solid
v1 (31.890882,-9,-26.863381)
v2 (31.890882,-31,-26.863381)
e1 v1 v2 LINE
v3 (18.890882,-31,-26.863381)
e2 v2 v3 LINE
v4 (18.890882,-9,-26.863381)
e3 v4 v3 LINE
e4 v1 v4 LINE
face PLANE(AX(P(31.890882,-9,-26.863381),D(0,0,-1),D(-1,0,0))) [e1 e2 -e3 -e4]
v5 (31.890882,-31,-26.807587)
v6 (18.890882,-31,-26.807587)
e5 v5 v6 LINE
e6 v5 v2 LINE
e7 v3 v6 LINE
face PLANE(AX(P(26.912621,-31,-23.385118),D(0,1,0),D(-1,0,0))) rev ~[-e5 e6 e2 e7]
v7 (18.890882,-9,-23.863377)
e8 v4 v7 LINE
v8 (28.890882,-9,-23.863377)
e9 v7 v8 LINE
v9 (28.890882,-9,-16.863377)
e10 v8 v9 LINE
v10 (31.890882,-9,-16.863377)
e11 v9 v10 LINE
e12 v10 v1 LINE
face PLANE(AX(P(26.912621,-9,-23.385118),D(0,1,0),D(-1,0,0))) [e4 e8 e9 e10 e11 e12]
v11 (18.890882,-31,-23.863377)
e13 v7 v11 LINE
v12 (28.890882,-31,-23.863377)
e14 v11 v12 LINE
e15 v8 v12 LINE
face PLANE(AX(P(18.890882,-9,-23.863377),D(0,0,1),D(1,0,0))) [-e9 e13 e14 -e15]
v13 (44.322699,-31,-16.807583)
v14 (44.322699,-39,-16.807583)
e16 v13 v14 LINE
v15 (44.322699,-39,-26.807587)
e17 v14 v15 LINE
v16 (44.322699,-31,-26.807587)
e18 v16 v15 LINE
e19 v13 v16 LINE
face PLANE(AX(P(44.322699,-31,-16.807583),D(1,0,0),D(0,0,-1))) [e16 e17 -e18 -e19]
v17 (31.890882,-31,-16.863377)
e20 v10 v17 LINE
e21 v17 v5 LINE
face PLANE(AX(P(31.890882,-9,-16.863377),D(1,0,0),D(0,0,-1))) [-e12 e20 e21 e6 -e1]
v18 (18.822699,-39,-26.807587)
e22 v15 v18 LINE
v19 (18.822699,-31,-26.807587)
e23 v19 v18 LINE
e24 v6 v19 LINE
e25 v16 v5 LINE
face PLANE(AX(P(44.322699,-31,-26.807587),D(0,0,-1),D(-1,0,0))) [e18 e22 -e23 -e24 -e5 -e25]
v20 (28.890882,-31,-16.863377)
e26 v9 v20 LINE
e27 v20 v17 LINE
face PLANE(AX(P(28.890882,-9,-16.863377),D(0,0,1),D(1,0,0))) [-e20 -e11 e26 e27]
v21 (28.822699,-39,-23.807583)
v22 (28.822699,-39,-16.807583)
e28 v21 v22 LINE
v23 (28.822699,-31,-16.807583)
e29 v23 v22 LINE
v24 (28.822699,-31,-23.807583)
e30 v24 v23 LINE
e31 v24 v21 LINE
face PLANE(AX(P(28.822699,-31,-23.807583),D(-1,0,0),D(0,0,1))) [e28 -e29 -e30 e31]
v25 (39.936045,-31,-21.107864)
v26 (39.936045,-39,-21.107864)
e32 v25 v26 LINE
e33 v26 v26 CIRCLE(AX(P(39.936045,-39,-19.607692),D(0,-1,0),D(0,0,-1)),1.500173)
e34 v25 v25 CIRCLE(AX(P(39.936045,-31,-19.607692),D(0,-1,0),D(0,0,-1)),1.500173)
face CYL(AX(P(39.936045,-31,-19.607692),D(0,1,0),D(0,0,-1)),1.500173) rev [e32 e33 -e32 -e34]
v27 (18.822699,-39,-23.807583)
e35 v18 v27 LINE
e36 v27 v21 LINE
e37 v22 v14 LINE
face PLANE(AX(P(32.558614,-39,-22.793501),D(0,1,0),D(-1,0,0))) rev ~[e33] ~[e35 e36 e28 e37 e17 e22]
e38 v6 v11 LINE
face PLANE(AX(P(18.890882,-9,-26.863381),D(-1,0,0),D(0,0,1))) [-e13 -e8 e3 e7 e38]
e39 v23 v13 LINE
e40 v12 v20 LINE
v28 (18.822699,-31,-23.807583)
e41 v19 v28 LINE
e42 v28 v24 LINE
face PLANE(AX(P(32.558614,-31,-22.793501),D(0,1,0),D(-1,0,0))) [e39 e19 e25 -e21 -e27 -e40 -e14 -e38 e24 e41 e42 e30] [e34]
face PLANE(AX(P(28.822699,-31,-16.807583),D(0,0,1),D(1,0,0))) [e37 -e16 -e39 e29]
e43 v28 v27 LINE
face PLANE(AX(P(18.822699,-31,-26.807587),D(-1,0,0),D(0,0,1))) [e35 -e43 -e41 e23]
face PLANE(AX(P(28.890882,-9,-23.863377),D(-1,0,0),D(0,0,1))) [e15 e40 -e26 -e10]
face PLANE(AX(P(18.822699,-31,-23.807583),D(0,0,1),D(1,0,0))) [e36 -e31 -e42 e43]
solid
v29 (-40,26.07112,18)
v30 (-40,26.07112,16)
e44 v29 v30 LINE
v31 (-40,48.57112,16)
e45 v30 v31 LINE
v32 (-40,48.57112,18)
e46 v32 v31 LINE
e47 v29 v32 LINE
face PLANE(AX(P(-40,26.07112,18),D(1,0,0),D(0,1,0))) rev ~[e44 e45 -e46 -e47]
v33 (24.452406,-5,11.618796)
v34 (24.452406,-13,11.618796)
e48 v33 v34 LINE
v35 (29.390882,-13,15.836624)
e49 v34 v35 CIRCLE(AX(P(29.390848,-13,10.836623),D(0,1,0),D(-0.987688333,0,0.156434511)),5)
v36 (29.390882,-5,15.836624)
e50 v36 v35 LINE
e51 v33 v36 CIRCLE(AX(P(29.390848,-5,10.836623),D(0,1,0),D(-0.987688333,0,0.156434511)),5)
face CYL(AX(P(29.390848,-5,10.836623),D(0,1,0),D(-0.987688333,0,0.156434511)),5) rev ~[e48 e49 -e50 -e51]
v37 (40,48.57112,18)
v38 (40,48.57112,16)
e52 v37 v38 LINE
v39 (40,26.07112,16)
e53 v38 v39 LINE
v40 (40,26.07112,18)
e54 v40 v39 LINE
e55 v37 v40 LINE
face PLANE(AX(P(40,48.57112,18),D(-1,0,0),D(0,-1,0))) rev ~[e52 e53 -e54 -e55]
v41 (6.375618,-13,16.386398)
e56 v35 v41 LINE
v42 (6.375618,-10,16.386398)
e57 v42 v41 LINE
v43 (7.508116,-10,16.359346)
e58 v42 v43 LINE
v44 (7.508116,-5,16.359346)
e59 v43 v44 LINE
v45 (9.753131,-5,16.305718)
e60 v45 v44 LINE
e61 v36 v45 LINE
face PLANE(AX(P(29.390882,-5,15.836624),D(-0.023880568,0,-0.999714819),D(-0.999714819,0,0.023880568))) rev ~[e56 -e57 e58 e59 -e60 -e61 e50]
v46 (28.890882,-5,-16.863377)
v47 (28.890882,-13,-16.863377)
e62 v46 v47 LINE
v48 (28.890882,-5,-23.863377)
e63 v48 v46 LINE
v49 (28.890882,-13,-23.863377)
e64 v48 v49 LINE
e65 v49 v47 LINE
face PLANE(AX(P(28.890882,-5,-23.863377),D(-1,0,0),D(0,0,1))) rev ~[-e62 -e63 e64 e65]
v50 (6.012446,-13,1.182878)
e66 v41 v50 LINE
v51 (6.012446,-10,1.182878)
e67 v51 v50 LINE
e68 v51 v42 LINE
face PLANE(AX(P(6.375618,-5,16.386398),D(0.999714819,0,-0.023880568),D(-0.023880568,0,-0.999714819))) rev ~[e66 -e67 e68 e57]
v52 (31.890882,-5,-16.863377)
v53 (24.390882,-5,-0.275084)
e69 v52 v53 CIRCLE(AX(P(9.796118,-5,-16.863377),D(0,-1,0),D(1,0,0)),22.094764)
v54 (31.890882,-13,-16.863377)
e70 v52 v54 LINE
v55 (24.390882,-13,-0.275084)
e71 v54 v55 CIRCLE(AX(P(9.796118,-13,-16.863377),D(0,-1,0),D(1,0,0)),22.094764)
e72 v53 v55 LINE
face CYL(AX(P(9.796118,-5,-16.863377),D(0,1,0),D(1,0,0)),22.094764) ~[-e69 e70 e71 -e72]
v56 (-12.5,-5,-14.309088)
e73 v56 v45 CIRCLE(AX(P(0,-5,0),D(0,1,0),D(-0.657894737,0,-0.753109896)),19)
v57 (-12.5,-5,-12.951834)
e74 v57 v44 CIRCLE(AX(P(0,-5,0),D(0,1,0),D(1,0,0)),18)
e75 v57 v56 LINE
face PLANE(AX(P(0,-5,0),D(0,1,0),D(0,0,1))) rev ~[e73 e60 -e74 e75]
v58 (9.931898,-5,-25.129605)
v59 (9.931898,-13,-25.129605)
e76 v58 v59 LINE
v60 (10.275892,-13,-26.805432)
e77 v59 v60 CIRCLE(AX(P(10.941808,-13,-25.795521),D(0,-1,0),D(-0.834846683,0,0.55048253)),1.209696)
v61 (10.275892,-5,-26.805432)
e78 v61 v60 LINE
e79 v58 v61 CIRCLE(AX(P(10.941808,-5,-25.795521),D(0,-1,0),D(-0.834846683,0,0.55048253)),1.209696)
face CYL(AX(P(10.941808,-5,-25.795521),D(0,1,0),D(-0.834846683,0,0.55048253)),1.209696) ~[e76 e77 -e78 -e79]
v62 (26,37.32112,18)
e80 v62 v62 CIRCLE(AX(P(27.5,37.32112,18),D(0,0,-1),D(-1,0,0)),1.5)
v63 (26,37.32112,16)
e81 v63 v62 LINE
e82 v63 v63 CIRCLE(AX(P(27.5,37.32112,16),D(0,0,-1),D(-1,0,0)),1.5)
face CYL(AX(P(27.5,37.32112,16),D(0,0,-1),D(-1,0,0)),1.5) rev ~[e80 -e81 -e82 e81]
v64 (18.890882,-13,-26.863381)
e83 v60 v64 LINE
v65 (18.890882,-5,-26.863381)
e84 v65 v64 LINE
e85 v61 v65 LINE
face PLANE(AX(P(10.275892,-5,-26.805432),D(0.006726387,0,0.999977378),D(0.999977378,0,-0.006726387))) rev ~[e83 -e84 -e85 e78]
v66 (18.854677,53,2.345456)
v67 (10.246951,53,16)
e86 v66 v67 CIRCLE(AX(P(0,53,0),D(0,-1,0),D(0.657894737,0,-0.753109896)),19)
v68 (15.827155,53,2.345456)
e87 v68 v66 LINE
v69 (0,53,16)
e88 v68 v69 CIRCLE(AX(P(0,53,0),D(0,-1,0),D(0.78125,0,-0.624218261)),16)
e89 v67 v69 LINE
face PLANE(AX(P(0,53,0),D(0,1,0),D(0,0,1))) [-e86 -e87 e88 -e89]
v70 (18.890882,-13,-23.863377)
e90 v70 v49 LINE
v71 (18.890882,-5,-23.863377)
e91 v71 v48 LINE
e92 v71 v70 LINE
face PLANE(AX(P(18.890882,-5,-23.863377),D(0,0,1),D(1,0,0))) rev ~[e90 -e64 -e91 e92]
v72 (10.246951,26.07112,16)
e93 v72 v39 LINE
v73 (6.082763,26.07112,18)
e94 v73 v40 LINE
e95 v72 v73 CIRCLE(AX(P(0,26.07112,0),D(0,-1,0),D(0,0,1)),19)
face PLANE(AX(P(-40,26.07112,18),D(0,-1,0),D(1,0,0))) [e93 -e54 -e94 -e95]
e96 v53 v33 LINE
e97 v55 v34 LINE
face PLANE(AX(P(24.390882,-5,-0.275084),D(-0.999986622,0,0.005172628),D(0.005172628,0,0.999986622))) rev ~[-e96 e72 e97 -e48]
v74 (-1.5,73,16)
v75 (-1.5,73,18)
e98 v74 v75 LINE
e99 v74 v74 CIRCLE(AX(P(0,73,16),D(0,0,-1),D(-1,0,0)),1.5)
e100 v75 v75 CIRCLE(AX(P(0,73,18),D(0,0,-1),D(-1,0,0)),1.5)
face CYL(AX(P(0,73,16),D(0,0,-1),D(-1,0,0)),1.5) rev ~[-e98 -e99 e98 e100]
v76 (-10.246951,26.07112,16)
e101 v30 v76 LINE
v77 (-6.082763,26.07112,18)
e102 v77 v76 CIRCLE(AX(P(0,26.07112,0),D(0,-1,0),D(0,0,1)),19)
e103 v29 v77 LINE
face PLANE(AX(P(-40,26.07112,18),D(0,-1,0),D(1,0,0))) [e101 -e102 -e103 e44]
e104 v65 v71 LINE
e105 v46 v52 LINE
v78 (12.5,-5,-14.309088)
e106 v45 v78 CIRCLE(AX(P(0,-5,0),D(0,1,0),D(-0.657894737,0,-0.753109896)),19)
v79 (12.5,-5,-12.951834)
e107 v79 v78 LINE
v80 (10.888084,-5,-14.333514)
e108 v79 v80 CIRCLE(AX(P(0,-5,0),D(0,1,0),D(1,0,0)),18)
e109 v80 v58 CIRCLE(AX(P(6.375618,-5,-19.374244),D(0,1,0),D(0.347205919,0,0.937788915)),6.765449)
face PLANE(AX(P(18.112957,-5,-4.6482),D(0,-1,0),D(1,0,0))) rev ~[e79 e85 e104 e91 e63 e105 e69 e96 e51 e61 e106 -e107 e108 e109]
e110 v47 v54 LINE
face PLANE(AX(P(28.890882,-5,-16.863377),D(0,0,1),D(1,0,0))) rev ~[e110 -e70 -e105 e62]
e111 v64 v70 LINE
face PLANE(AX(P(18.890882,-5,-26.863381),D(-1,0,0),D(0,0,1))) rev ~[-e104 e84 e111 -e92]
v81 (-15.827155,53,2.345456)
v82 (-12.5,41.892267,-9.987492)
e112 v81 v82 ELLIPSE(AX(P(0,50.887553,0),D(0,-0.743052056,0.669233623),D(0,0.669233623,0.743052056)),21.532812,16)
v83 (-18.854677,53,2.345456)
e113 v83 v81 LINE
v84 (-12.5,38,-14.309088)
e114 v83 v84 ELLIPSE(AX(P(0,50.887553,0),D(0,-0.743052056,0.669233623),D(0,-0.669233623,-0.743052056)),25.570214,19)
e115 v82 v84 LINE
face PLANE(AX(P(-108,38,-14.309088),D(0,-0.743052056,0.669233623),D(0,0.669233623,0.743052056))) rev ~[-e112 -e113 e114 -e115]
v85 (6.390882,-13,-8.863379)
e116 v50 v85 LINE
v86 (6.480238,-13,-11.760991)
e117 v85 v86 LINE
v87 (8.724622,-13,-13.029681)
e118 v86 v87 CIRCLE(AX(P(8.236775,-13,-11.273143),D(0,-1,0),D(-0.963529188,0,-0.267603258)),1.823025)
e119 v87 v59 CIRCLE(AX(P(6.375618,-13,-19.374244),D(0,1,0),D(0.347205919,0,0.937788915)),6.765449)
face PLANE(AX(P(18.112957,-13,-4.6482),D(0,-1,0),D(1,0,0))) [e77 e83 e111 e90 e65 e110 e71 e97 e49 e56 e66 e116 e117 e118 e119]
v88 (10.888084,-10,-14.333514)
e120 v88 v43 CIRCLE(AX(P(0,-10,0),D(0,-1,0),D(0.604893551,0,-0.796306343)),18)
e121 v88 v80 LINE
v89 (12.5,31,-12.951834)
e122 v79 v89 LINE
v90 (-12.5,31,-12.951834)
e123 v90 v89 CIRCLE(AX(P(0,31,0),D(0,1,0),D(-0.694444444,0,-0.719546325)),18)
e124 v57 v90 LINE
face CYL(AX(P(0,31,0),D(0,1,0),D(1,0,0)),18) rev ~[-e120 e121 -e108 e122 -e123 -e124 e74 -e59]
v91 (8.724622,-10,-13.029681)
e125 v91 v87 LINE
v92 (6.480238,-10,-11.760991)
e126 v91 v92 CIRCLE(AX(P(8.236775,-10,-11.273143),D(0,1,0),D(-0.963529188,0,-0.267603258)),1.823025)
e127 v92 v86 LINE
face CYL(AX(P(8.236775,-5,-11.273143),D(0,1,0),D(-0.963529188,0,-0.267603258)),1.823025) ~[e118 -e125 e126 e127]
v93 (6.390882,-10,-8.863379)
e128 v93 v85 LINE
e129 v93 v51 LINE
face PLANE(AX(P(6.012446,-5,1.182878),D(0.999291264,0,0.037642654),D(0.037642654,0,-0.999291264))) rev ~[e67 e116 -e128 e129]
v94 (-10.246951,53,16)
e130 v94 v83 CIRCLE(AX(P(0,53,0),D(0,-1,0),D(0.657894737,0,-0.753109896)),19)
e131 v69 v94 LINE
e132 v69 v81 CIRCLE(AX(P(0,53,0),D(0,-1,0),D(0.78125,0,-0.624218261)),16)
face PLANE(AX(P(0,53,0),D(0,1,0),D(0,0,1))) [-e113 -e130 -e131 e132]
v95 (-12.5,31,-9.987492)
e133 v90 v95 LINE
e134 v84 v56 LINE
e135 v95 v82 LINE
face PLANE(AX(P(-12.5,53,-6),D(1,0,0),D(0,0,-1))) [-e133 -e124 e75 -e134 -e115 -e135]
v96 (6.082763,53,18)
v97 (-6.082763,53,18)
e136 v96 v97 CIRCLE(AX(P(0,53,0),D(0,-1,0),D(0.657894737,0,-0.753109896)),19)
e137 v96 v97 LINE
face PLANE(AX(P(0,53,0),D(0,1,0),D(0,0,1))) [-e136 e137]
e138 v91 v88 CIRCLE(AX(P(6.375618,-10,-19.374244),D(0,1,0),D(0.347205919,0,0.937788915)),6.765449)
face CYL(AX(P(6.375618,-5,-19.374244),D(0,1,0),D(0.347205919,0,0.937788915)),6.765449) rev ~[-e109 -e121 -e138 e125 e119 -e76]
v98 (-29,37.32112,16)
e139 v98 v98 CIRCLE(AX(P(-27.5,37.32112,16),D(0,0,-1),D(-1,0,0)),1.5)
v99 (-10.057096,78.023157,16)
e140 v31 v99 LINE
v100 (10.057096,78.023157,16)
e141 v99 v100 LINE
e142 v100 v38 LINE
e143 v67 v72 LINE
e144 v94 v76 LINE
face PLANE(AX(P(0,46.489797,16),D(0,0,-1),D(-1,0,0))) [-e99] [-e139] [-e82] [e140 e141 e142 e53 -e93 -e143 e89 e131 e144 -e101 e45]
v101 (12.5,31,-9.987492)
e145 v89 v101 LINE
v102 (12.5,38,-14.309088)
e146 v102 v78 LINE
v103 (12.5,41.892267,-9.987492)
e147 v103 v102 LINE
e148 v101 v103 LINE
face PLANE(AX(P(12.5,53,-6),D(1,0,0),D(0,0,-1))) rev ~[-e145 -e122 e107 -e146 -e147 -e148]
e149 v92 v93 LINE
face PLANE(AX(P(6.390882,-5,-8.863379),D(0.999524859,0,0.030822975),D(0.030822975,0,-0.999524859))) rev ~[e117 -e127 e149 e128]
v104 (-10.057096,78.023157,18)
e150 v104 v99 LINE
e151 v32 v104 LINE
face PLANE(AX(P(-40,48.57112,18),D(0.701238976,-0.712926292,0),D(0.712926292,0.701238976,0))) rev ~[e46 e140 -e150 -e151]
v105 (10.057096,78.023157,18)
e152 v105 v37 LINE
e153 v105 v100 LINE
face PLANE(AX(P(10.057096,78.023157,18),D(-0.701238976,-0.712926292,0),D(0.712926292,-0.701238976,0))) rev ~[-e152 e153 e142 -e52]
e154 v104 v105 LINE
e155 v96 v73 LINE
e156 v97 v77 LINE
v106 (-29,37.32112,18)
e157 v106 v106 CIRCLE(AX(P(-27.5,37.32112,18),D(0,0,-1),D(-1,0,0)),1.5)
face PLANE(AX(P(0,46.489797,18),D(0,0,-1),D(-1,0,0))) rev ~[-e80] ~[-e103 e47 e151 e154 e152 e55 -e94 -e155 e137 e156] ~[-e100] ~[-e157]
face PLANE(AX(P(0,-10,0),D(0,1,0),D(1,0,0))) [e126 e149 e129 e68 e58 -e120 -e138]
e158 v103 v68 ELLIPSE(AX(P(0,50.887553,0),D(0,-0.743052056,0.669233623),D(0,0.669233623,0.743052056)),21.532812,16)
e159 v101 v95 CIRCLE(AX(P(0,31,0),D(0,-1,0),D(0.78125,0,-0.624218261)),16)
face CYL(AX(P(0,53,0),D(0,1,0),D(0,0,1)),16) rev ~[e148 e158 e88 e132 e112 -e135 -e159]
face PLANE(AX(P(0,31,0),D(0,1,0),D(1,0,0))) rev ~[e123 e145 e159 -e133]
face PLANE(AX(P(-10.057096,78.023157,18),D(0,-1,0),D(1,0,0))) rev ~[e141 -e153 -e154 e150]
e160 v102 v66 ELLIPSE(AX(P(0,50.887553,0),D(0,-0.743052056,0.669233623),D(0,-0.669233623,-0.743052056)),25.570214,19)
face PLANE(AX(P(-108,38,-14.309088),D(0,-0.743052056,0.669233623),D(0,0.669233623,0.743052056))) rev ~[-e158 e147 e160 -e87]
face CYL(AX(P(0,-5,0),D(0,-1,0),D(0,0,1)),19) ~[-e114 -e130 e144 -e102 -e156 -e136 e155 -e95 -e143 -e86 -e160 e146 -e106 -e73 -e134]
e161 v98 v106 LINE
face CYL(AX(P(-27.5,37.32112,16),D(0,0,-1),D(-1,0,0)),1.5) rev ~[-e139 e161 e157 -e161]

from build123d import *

# Parameters (mm, degrees)
BOSS_EXTRUDE1_DEPTH      = 53
BOSS_EXTRUDE1_DEPTH_BACK = 5
SKETCH1_R                = 19
SKETCH2_R                = 16
CUT_EXTRUDE1_DEPTH       = 22
SKETCH3_W                = 25
SKETCH3_H                = 20
CUT_EXTRUDE2_DEPTH       = 108
CUT_EXTRUDE3_DEPTH       = 108
CUT_EXTRUDE3_DEPTH_BACK  = 108
BOSS_EXTRUDE2_DEPTH      = 2
SKETCH10_R               = 1.5
CUT_EXTRUDE4_DEPTH       = 16
BOSS_EXTRUDE3_DEPTH      = 8
BOSS_EXTRUDE5_DEPTH      = 18
BOSS_EXTRUDE5_DEPTH_BACK = 4
SKETCH13_R               = 1.500172947
BOSS_EXTRUDE6_DEPTH      = 8
SKETCH16_R               = 18
CUT_EXTRUDE5_DEPTH       = 41


with BuildPart() as part:
    # Sketch1 → Boss-Extrude1 (new, two sides: drawn at the far end of the back side and taken through both)
    with BuildSketch(Plane(origin=(0, 0, 0), x_dir=(1, 0, 0), z_dir=(0, 1, 0)).offset(-BOSS_EXTRUDE1_DEPTH_BACK)):
        with Locations(Location((0, 0, 0), (0, 0, 270))):
            Circle(SKETCH1_R)
    extrude(amount=BOSS_EXTRUDE1_DEPTH + BOSS_EXTRUDE1_DEPTH_BACK)

    # Sketch2 → Cut-Extrude1 (cut)
    with BuildSketch(Plane(origin=(0, 53, 0), x_dir=(1, 0, 0), z_dir=(0, 1, 0))):
        with Locations(Location((0, 0, 0), (0, 0, 270))):
            Circle(SKETCH2_R)
    extrude(amount=-CUT_EXTRUDE1_DEPTH, mode=Mode.SUBTRACT)

    # Sketch3 → Cut-Extrude2 (cut)
    with BuildSketch(Plane(origin=(0, 53, 0), x_dir=(1, 0, 0), z_dir=(0, 1, 0))):
        with Locations((0, 16)):
            Rectangle(SKETCH3_W, SKETCH3_H)
    extrude(amount=-CUT_EXTRUDE2_DEPTH, mode=Mode.SUBTRACT)

    # Sketch7 → Cut-Extrude3 (cut, two sides: drawn at the far end of the back side and taken through both)
    with BuildSketch(Plane(origin=(0, 0, 0), x_dir=(0, 0, -1), z_dir=(1, 0, 0)).offset(-CUT_EXTRUDE3_DEPTH_BACK)):
        Polygon((14.309088021, 53), (14.309088021, 38), (-2.345455989, 53), align=None)
    extrude(amount=CUT_EXTRUDE3_DEPTH + CUT_EXTRUDE3_DEPTH_BACK, mode=Mode.SUBTRACT)

    # Sketch8 → Boss-Extrude2 (add)
    with BuildSketch(Plane.XY.offset(18)):
        Polygon((10.05709572, 78.023156751), (40, 48.571119754), (40, 26.071119754), (0, 26.071119754), (-40, 26.071119754), (-40, 48.571119754), (-10.05709572, 78.023156751), align=None)
    extrude(amount=-BOSS_EXTRUDE2_DEPTH)

    # Sketch10 → Cut-Extrude4 (cut)
    with BuildSketch(Plane(origin=(0, 0, 16), x_dir=(-1, 0, 0), z_dir=(0, 0, -1))):
        with Locations((-27.5, 37.321119754)):
            Circle(SKETCH10_R)
        with Locations((27.5, 37.321119754)):
            Circle(SKETCH10_R)
        with Locations((0, 73)):
            Circle(SKETCH10_R)
    extrude(amount=-CUT_EXTRUDE4_DEPTH, mode=Mode.SUBTRACT)

    # Sketch11 → Boss-Extrude3 (add)
    with BuildSketch(Plane.XZ.offset(5)):
        with BuildLine():
            Line((10.275891909, -26.805431868), (18.890882144, -26.863380934))
            Line((18.890882144, -26.863380934), (18.890882144, -23.863377119))
            Line((18.890882144, -23.863377119), (28.890882144, -23.863377119))
            Line((28.890882144, -23.863377119), (28.890882144, -16.863377119))
            Line((28.890882144, -16.863377119), (31.890882144, -16.863377119))
            ThreePointArc((31.890882144, -16.863377119), (29.928759086, -7.76088478), (24.390882144, -0.275084044))
            Line((24.390882144, -0.275084044), (24.452405581, 11.618795847))
            ThreePointArc((24.452405581, 11.618795847), (26.143620347, 14.638664645), (29.390882144, 15.836623644))
            Line((29.390882144, 15.836623644), (6.375618396, 16.386397999))
            Line((6.375618396, 16.386397999), (6.012446141, 1.182878311))
            Line((6.012446141, 1.182878311), (6.390882144, -8.863379027))
            Line((6.390882144, -8.863379027), (6.480237612, -11.760990645))
            ThreePointArc((6.480237612, -11.760990645), (7.33967567, -12.860163004), (8.724622378, -13.029680754))
            ThreePointArc((8.724622378, -13.029680754), (13.107641391, -18.70255332), (9.931897769, -25.129604841))
            ThreePointArc((9.931897769, -25.129604841), (9.756819698, -26.038761874), (10.275891909, -26.805431868))
        make_face()
    extrude(amount=BOSS_EXTRUDE3_DEPTH)

    # Sketch16 → Cut-Extrude5 (cut)
    with BuildSketch(Plane(origin=(0, 31, 0), x_dir=(1, 0, 0), z_dir=(0, 1, 0))):
        Circle(SKETCH16_R)
    extrude(amount=-CUT_EXTRUDE5_DEPTH, mode=Mode.SUBTRACT)


with BuildPart() as body_2:
    # Sketch12 → Boss-Extrude5 (new, two sides: drawn at the far end of the back side and taken through both)
    with BuildSketch(Plane.XZ.offset(13).offset(-BOSS_EXTRUDE5_DEPTH_BACK)):
        Polygon((18.890882144, -26.863380934), (18.890882144, -23.863377119), (28.890882144, -23.863377119), (28.890882144, -16.863377119), (31.890882144, -16.863377119), (31.890882144, -26.863380934), align=None)
    extrude(amount=BOSS_EXTRUDE5_DEPTH + BOSS_EXTRUDE5_DEPTH_BACK)

    # Sketch13 → Boss-Extrude6 (add)
    with BuildSketch(Plane.XZ.offset(31)):
        Polygon((18.822698898, -26.807587047), (18.822698898, -23.807583233), (28.822698898, -23.807583233), (28.822698898, -16.807583233), (44.322698898, -16.807583233), (44.322698898, -26.807587047), align=None)
        with Locations(Location((39.936045011, -19.607691517, 0), (0, 0, 270))):
            Circle(SKETCH13_R, mode=Mode.SUBTRACT)
    extrude(amount=BOSS_EXTRUDE6_DEPTH)


solid = Compound([part.part, body_2.part])
